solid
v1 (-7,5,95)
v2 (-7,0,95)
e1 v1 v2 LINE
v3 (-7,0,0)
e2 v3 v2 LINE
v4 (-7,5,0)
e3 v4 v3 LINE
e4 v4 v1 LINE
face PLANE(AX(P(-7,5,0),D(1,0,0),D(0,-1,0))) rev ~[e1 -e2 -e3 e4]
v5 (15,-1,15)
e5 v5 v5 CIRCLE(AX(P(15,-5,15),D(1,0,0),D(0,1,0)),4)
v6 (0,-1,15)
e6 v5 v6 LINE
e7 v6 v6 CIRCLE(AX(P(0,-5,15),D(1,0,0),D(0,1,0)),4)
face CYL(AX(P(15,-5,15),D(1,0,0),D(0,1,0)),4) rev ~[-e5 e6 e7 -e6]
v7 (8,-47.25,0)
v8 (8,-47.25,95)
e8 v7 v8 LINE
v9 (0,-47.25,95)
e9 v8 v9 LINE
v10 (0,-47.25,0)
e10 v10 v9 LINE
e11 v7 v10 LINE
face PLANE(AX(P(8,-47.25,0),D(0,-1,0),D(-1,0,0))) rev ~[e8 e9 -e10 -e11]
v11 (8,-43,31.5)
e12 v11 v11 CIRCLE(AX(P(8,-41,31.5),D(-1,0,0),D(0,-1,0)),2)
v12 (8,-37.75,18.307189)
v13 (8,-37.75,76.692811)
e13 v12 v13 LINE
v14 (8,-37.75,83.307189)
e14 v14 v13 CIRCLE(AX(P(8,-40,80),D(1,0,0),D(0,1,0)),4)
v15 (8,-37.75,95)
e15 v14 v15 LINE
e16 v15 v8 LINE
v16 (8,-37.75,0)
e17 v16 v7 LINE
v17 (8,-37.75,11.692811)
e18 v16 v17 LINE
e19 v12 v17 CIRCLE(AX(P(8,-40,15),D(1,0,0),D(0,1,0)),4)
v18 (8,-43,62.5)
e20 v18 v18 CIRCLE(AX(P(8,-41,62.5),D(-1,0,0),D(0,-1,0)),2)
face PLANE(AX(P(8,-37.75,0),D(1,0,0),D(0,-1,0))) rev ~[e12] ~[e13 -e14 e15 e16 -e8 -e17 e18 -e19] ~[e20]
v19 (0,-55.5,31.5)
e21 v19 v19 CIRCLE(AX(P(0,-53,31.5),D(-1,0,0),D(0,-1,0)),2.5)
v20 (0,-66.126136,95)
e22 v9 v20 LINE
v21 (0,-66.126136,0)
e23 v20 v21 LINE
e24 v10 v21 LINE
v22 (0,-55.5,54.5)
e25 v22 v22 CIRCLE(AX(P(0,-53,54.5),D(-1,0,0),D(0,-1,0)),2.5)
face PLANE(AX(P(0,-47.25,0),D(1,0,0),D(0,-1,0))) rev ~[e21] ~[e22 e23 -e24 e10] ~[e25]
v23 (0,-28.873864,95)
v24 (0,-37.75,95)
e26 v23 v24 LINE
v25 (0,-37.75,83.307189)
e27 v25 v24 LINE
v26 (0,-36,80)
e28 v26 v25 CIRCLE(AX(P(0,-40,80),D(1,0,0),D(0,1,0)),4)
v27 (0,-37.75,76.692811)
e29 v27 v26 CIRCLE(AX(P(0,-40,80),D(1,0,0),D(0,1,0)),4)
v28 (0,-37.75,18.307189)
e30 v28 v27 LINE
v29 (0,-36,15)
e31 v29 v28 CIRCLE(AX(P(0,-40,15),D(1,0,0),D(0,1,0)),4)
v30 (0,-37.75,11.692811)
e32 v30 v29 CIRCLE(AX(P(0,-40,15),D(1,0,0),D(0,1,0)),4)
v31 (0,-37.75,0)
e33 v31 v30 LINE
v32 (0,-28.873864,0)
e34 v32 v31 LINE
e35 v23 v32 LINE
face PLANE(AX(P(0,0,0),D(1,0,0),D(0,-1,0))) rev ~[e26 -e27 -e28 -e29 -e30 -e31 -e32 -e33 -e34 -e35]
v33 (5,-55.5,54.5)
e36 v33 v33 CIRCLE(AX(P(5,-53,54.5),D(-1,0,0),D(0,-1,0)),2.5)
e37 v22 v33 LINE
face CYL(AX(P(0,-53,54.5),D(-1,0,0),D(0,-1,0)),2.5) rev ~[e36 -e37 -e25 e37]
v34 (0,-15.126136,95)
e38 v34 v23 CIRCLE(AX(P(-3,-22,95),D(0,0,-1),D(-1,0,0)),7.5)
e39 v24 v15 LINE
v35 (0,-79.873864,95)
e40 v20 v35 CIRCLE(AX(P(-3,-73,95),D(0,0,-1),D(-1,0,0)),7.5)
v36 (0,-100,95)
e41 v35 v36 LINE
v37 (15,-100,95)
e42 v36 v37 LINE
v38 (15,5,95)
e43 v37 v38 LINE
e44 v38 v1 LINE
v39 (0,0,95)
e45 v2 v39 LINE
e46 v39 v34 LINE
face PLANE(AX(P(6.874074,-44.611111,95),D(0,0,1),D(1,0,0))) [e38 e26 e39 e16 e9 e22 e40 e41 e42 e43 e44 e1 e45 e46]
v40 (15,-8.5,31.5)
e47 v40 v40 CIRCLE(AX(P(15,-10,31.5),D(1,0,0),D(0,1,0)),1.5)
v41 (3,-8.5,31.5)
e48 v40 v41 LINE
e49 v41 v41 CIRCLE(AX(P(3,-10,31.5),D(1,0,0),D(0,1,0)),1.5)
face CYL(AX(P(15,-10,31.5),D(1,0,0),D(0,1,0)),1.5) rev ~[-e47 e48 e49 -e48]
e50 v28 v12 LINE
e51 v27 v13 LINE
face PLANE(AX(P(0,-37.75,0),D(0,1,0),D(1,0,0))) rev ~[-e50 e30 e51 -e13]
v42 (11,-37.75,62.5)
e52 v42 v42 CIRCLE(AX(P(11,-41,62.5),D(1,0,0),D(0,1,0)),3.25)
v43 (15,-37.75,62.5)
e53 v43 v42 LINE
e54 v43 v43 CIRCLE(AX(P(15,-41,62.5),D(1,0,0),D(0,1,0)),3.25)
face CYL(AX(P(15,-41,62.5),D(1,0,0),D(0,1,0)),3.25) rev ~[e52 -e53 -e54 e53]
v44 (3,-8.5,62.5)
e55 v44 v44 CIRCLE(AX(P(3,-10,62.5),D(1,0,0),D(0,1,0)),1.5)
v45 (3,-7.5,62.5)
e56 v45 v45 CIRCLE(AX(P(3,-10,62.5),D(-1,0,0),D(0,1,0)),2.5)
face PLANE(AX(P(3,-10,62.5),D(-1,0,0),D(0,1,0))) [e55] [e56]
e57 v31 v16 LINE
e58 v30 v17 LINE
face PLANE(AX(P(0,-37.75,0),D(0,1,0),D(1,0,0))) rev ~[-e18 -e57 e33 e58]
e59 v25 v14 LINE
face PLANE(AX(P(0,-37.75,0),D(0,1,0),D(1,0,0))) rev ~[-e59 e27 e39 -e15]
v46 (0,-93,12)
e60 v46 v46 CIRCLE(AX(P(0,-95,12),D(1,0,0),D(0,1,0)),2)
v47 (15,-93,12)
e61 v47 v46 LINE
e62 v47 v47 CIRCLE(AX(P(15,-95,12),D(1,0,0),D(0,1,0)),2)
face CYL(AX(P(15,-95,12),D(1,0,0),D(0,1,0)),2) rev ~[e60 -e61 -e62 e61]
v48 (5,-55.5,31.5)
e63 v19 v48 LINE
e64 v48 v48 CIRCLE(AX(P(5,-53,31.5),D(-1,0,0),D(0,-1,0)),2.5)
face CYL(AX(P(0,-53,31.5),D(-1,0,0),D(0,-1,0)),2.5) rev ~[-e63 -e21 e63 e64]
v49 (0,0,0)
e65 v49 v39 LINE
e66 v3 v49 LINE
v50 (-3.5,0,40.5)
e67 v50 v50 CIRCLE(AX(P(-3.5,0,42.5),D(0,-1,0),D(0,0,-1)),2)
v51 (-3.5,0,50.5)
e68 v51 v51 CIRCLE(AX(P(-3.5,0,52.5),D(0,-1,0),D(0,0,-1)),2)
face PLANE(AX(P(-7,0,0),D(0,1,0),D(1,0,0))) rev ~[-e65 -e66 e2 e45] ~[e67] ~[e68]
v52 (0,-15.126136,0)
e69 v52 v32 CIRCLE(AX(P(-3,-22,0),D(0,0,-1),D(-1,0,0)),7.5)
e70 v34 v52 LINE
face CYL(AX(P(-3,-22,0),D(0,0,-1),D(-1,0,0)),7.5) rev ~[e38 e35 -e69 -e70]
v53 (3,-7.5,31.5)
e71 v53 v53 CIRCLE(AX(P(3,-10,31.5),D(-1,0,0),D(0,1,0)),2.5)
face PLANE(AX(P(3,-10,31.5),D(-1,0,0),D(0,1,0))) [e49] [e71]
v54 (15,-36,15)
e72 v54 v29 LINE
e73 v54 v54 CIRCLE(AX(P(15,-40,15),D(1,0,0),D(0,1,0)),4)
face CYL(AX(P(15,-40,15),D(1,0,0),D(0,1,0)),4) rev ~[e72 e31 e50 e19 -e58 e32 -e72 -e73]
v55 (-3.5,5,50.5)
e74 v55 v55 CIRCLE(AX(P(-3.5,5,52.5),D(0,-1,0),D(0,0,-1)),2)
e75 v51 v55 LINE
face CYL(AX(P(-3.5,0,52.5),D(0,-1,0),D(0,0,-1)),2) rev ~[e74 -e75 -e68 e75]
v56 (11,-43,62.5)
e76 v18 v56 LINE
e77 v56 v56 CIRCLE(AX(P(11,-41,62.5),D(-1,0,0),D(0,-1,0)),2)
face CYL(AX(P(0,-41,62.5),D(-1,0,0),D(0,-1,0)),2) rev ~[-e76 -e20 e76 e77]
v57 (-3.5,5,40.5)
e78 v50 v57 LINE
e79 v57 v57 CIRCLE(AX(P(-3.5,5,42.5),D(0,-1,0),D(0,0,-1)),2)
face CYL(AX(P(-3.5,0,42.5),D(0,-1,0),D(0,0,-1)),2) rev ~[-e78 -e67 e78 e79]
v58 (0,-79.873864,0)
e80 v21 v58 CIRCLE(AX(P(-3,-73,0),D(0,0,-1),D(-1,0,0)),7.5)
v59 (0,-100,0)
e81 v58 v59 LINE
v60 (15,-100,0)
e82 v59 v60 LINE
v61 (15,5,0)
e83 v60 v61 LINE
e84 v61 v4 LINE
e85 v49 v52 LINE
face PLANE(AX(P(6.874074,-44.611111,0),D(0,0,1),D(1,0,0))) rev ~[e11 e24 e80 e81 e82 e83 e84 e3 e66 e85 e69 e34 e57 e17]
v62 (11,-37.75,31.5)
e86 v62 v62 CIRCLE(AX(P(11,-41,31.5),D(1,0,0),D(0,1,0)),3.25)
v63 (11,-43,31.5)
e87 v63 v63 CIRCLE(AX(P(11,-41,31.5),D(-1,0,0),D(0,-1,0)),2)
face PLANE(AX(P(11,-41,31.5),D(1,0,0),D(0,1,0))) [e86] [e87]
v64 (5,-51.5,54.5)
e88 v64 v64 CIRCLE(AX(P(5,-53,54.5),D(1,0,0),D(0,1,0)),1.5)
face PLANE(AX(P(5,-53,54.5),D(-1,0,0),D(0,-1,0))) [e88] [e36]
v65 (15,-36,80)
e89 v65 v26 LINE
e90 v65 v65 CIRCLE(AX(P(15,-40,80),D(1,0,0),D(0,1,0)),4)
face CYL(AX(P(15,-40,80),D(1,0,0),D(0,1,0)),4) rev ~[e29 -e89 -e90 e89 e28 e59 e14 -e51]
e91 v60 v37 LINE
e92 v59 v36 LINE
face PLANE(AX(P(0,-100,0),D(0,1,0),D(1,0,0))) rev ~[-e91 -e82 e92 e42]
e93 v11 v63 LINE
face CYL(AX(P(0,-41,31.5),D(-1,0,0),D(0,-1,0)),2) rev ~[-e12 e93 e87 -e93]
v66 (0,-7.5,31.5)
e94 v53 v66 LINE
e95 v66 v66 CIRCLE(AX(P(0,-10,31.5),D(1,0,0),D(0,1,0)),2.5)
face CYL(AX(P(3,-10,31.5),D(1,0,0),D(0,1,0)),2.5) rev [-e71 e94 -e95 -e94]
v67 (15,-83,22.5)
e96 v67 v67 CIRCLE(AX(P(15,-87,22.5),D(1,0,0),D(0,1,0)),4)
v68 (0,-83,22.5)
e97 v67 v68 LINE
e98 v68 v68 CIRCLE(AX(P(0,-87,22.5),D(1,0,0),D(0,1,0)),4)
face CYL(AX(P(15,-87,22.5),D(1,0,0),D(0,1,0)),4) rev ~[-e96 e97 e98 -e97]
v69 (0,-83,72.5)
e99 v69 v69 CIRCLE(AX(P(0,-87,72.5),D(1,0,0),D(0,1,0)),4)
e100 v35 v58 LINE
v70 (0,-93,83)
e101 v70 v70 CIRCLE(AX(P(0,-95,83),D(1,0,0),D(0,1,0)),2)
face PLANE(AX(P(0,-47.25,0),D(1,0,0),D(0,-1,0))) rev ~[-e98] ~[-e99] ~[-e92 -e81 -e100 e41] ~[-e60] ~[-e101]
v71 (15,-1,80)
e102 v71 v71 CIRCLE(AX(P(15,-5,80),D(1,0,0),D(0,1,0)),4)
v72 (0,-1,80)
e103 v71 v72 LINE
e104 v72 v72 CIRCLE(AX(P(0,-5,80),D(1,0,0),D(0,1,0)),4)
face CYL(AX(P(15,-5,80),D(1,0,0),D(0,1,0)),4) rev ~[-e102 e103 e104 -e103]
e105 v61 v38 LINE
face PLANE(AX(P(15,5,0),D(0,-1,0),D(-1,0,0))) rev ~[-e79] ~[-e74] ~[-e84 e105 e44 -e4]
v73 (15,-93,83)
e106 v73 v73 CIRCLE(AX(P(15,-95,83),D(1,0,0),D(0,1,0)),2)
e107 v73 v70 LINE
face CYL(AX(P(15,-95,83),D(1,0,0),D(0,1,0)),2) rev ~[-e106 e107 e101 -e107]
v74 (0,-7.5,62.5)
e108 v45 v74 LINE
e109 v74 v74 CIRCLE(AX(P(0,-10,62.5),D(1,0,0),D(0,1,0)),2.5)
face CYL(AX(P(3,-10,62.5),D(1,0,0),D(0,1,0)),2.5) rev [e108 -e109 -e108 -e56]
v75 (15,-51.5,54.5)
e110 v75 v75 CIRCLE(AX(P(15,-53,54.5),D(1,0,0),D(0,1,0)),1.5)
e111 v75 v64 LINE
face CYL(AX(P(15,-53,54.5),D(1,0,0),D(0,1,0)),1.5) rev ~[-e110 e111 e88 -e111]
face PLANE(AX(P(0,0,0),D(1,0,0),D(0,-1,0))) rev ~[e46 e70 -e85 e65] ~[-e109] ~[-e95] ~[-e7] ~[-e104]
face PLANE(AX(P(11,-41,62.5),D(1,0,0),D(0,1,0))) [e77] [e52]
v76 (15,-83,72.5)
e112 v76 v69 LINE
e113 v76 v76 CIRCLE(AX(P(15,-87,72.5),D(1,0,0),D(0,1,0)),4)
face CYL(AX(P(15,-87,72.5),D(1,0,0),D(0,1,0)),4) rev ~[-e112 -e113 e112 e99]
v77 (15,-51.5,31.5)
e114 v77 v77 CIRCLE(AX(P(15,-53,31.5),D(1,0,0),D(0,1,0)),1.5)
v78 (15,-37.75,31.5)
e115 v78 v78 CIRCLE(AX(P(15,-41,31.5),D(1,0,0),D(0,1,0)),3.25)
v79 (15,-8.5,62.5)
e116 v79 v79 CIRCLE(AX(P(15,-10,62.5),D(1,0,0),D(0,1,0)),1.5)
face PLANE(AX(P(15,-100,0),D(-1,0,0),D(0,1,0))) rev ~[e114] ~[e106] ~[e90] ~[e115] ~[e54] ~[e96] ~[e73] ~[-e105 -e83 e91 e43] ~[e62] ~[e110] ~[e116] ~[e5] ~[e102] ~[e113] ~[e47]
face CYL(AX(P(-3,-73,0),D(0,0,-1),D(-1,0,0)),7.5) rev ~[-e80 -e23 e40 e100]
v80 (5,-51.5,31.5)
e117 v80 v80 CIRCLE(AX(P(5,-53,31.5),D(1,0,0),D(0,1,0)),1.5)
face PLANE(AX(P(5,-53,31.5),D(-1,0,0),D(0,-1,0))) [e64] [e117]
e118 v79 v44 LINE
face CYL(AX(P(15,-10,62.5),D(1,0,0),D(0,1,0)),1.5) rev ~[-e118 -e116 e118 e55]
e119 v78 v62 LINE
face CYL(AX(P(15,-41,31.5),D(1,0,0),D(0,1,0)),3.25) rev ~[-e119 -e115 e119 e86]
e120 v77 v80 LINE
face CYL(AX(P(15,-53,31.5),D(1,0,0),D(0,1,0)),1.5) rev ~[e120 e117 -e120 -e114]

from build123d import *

# Parameters (mm, degrees)
BOSS_EXTRUDE1_DEPTH                = 95
SKETCH2_R                          = 2
CUT_EXTRUDE1_3DPRINTER4_DEPTH      = 139.744369255
ESQUISSE1_R                        = 1.5
ENL_V_MAT_EXTRU_1_3D_PRINTER_DEPTH = 140.67462189
ENL_V_MAT_EXTRU_2_DEPTH            = 139.744369255
ENL_V_MAT_EXTRU_2_DEPTH_BACK       = 3
ESQUISSE2_R                        = 2.5
ESQUISSE3_R                        = 3.25
ENL_V_MAT_EXTRU_3_DEPTH            = 4
ESQUISSE4_R                        = 2
ENL_V_MAT_EXTRU_4_DEPTH            = 140.67462189
ESQUISSE8_R                        = 7.5
ENL_V_MAT_EXTRU_9_DEPTH            = 139.744369255
ESQUISSE9_R                        = 4
ENL_V_MAT_EXTRU_10CNC_TROUS_DEPTH  = 140.67462189
ESQUISSE10_R                       = 2
ENL_V_MAT_EXTRU_10_DEPTH           = 139.744369255
ESQUISSE11_R                       = 2.5
ENL_V_MAT_EXTRU_11_DEPTH           = 5


with BuildPart() as part:
    # Sketch1 → Boss-Extrude1 (new body)
    with BuildSketch(Plane.XY):
        Polygon((0, 0), (0, -37.75), (8, -37.75), (8, -47.25), (0, -47.25), (0, -100), (15, -100), (15, 5), (-7, 5), (-7, 0), align=None)
    extrude(amount=BOSS_EXTRUDE1_DEPTH)

    # Sketch2 → Cut-Extrude1 3dprinter4 (cut, through all)
    with BuildSketch(Plane.ZY):
        with Locations(Location((62.5, -41, 0), (0, 0, 270))):
            Circle(SKETCH2_R)
        with Locations(Location((31.5, -41, 0), (0, 0, 270))):
            Circle(SKETCH2_R)
    extrude(amount=-CUT_EXTRUDE1_3DPRINTER4_DEPTH, mode=Mode.SUBTRACT)

    # Esquisse1 → Enlèv. mat.-Extru.1 3d printer (cut, through all)
    with BuildSketch(Plane(origin=(15, 0, 0), x_dir=(0, 0, -1), z_dir=(1, 0, 0))):
        with Locations(Location((-62.5, -10, 0), (0, 0, 90))):
            Circle(ESQUISSE1_R)
        with Locations(Location((-31.5, -10, 0), (0, 0, 90))):
            Circle(ESQUISSE1_R)
        with Locations(Location((-54.5, -53, 0), (0, 0, 90))):
            Circle(ESQUISSE1_R)
        with Locations(Location((-31.5, -53, 0), (0, 0, 90))):
            Circle(ESQUISSE1_R)
    extrude(amount=-ENL_V_MAT_EXTRU_1_3D_PRINTER_DEPTH, mode=Mode.SUBTRACT)

    # Esquisse2 → Enlèv. mat.-Extru.2 (cut, two sides: drawn at the far end of the back side and taken through both)
    with BuildSketch(Plane.ZY.offset(-ENL_V_MAT_EXTRU_2_DEPTH_BACK)):
        with Locations(Location((62.5, -10, 0), (0, 0, 90))):
            Circle(ESQUISSE2_R)
        with Locations(Location((31.5, -10, 0), (0, 0, 90))):
            Circle(ESQUISSE2_R)
    extrude(amount=ENL_V_MAT_EXTRU_2_DEPTH + ENL_V_MAT_EXTRU_2_DEPTH_BACK, mode=Mode.SUBTRACT)

    # Esquisse3 → Enlèv. mat.-Extru.3 (cut)
    with BuildSketch(Plane(origin=(15, 0, 0), x_dir=(0, 0, -1), z_dir=(1, 0, 0))):
        with Locations(Location((-31.5, -41, 0), (0, 0, 90))):
            Circle(ESQUISSE3_R)
        with Locations(Location((-62.5, -41, 0), (0, 0, 90))):
            Circle(ESQUISSE3_R)
    extrude(amount=-ENL_V_MAT_EXTRU_3_DEPTH, mode=Mode.SUBTRACT)

    # Esquisse4 → Enlèv. mat.-Extru.4 (cut, through all)
    with BuildSketch(Plane(origin=(15, 0, 0), x_dir=(0, 0, -1), z_dir=(1, 0, 0))):
        with Locations(Location((-83, -95, 0), (0, 0, 90))):
            Circle(ESQUISSE4_R)
        with Locations(Location((-12, -95, 0), (0, 0, 90))):
            Circle(ESQUISSE4_R)
    extrude(amount=-ENL_V_MAT_EXTRU_4_DEPTH, mode=Mode.SUBTRACT)

    # Esquisse8 → Enlèv. mat.-Extru.9 (cut, through all)
    with BuildSketch(Plane(origin=(0, 0, 0), x_dir=(-1, 0, 0), z_dir=(0, 0, -1))):
        with Locations((3, -22)):
            Circle(ESQUISSE8_R)
        with Locations((3, -73)):
            Circle(ESQUISSE8_R)
    extrude(amount=-ENL_V_MAT_EXTRU_9_DEPTH, mode=Mode.SUBTRACT)

    # Esquisse9 → Enlèv. mat.-Extru.10cnc trous (cut, through all)
    with BuildSketch(Plane(origin=(15, 0, 0), x_dir=(0, 0, -1), z_dir=(1, 0, 0))):
        with Locations(Location((-15, -5, 0), (0, 0, 90))):
            Circle(ESQUISSE9_R)
        with Locations(Location((-80, -5, 0), (0, 0, 90))):
            Circle(ESQUISSE9_R)
        with Locations(Location((-80, -40, 0), (0, 0, 90))):
            Circle(ESQUISSE9_R)
        with Locations(Location((-15, -40, 0), (0, 0, 90))):
            Circle(ESQUISSE9_R)
        with Locations(Location((-22.5, -87, 0), (0, 0, 90))):
            Circle(ESQUISSE9_R)
        with Locations(Location((-72.5, -87, 0), (0, 0, 90))):
            Circle(ESQUISSE9_R)
    extrude(amount=-ENL_V_MAT_EXTRU_10CNC_TROUS_DEPTH, mode=Mode.SUBTRACT)

    # Esquisse10 → Enlèv. mat.-Extru.10 (cut, through all)
    with BuildSketch(Plane.XZ):
        with Locations(Location((-3.5, 52.5, 0), (0, 0, 270))):
            Circle(ESQUISSE10_R)
        with Locations(Location((-3.5, 42.5, 0), (0, 0, 270))):
            Circle(ESQUISSE10_R)
    extrude(amount=-ENL_V_MAT_EXTRU_10_DEPTH, mode=Mode.SUBTRACT)

    # Esquisse11 → Enlèv. mat.-Extru.11 (cut)
    with BuildSketch(Plane.ZY):
        with Locations(Location((54.5, -53, 0), (0, 0, 270))):
            Circle(ESQUISSE11_R)
        with Locations(Location((31.5, -53, 0), (0, 0, 270))):
            Circle(ESQUISSE11_R)
    extrude(amount=-ENL_V_MAT_EXTRU_11_DEPTH, mode=Mode.SUBTRACT)


solid = part.part
